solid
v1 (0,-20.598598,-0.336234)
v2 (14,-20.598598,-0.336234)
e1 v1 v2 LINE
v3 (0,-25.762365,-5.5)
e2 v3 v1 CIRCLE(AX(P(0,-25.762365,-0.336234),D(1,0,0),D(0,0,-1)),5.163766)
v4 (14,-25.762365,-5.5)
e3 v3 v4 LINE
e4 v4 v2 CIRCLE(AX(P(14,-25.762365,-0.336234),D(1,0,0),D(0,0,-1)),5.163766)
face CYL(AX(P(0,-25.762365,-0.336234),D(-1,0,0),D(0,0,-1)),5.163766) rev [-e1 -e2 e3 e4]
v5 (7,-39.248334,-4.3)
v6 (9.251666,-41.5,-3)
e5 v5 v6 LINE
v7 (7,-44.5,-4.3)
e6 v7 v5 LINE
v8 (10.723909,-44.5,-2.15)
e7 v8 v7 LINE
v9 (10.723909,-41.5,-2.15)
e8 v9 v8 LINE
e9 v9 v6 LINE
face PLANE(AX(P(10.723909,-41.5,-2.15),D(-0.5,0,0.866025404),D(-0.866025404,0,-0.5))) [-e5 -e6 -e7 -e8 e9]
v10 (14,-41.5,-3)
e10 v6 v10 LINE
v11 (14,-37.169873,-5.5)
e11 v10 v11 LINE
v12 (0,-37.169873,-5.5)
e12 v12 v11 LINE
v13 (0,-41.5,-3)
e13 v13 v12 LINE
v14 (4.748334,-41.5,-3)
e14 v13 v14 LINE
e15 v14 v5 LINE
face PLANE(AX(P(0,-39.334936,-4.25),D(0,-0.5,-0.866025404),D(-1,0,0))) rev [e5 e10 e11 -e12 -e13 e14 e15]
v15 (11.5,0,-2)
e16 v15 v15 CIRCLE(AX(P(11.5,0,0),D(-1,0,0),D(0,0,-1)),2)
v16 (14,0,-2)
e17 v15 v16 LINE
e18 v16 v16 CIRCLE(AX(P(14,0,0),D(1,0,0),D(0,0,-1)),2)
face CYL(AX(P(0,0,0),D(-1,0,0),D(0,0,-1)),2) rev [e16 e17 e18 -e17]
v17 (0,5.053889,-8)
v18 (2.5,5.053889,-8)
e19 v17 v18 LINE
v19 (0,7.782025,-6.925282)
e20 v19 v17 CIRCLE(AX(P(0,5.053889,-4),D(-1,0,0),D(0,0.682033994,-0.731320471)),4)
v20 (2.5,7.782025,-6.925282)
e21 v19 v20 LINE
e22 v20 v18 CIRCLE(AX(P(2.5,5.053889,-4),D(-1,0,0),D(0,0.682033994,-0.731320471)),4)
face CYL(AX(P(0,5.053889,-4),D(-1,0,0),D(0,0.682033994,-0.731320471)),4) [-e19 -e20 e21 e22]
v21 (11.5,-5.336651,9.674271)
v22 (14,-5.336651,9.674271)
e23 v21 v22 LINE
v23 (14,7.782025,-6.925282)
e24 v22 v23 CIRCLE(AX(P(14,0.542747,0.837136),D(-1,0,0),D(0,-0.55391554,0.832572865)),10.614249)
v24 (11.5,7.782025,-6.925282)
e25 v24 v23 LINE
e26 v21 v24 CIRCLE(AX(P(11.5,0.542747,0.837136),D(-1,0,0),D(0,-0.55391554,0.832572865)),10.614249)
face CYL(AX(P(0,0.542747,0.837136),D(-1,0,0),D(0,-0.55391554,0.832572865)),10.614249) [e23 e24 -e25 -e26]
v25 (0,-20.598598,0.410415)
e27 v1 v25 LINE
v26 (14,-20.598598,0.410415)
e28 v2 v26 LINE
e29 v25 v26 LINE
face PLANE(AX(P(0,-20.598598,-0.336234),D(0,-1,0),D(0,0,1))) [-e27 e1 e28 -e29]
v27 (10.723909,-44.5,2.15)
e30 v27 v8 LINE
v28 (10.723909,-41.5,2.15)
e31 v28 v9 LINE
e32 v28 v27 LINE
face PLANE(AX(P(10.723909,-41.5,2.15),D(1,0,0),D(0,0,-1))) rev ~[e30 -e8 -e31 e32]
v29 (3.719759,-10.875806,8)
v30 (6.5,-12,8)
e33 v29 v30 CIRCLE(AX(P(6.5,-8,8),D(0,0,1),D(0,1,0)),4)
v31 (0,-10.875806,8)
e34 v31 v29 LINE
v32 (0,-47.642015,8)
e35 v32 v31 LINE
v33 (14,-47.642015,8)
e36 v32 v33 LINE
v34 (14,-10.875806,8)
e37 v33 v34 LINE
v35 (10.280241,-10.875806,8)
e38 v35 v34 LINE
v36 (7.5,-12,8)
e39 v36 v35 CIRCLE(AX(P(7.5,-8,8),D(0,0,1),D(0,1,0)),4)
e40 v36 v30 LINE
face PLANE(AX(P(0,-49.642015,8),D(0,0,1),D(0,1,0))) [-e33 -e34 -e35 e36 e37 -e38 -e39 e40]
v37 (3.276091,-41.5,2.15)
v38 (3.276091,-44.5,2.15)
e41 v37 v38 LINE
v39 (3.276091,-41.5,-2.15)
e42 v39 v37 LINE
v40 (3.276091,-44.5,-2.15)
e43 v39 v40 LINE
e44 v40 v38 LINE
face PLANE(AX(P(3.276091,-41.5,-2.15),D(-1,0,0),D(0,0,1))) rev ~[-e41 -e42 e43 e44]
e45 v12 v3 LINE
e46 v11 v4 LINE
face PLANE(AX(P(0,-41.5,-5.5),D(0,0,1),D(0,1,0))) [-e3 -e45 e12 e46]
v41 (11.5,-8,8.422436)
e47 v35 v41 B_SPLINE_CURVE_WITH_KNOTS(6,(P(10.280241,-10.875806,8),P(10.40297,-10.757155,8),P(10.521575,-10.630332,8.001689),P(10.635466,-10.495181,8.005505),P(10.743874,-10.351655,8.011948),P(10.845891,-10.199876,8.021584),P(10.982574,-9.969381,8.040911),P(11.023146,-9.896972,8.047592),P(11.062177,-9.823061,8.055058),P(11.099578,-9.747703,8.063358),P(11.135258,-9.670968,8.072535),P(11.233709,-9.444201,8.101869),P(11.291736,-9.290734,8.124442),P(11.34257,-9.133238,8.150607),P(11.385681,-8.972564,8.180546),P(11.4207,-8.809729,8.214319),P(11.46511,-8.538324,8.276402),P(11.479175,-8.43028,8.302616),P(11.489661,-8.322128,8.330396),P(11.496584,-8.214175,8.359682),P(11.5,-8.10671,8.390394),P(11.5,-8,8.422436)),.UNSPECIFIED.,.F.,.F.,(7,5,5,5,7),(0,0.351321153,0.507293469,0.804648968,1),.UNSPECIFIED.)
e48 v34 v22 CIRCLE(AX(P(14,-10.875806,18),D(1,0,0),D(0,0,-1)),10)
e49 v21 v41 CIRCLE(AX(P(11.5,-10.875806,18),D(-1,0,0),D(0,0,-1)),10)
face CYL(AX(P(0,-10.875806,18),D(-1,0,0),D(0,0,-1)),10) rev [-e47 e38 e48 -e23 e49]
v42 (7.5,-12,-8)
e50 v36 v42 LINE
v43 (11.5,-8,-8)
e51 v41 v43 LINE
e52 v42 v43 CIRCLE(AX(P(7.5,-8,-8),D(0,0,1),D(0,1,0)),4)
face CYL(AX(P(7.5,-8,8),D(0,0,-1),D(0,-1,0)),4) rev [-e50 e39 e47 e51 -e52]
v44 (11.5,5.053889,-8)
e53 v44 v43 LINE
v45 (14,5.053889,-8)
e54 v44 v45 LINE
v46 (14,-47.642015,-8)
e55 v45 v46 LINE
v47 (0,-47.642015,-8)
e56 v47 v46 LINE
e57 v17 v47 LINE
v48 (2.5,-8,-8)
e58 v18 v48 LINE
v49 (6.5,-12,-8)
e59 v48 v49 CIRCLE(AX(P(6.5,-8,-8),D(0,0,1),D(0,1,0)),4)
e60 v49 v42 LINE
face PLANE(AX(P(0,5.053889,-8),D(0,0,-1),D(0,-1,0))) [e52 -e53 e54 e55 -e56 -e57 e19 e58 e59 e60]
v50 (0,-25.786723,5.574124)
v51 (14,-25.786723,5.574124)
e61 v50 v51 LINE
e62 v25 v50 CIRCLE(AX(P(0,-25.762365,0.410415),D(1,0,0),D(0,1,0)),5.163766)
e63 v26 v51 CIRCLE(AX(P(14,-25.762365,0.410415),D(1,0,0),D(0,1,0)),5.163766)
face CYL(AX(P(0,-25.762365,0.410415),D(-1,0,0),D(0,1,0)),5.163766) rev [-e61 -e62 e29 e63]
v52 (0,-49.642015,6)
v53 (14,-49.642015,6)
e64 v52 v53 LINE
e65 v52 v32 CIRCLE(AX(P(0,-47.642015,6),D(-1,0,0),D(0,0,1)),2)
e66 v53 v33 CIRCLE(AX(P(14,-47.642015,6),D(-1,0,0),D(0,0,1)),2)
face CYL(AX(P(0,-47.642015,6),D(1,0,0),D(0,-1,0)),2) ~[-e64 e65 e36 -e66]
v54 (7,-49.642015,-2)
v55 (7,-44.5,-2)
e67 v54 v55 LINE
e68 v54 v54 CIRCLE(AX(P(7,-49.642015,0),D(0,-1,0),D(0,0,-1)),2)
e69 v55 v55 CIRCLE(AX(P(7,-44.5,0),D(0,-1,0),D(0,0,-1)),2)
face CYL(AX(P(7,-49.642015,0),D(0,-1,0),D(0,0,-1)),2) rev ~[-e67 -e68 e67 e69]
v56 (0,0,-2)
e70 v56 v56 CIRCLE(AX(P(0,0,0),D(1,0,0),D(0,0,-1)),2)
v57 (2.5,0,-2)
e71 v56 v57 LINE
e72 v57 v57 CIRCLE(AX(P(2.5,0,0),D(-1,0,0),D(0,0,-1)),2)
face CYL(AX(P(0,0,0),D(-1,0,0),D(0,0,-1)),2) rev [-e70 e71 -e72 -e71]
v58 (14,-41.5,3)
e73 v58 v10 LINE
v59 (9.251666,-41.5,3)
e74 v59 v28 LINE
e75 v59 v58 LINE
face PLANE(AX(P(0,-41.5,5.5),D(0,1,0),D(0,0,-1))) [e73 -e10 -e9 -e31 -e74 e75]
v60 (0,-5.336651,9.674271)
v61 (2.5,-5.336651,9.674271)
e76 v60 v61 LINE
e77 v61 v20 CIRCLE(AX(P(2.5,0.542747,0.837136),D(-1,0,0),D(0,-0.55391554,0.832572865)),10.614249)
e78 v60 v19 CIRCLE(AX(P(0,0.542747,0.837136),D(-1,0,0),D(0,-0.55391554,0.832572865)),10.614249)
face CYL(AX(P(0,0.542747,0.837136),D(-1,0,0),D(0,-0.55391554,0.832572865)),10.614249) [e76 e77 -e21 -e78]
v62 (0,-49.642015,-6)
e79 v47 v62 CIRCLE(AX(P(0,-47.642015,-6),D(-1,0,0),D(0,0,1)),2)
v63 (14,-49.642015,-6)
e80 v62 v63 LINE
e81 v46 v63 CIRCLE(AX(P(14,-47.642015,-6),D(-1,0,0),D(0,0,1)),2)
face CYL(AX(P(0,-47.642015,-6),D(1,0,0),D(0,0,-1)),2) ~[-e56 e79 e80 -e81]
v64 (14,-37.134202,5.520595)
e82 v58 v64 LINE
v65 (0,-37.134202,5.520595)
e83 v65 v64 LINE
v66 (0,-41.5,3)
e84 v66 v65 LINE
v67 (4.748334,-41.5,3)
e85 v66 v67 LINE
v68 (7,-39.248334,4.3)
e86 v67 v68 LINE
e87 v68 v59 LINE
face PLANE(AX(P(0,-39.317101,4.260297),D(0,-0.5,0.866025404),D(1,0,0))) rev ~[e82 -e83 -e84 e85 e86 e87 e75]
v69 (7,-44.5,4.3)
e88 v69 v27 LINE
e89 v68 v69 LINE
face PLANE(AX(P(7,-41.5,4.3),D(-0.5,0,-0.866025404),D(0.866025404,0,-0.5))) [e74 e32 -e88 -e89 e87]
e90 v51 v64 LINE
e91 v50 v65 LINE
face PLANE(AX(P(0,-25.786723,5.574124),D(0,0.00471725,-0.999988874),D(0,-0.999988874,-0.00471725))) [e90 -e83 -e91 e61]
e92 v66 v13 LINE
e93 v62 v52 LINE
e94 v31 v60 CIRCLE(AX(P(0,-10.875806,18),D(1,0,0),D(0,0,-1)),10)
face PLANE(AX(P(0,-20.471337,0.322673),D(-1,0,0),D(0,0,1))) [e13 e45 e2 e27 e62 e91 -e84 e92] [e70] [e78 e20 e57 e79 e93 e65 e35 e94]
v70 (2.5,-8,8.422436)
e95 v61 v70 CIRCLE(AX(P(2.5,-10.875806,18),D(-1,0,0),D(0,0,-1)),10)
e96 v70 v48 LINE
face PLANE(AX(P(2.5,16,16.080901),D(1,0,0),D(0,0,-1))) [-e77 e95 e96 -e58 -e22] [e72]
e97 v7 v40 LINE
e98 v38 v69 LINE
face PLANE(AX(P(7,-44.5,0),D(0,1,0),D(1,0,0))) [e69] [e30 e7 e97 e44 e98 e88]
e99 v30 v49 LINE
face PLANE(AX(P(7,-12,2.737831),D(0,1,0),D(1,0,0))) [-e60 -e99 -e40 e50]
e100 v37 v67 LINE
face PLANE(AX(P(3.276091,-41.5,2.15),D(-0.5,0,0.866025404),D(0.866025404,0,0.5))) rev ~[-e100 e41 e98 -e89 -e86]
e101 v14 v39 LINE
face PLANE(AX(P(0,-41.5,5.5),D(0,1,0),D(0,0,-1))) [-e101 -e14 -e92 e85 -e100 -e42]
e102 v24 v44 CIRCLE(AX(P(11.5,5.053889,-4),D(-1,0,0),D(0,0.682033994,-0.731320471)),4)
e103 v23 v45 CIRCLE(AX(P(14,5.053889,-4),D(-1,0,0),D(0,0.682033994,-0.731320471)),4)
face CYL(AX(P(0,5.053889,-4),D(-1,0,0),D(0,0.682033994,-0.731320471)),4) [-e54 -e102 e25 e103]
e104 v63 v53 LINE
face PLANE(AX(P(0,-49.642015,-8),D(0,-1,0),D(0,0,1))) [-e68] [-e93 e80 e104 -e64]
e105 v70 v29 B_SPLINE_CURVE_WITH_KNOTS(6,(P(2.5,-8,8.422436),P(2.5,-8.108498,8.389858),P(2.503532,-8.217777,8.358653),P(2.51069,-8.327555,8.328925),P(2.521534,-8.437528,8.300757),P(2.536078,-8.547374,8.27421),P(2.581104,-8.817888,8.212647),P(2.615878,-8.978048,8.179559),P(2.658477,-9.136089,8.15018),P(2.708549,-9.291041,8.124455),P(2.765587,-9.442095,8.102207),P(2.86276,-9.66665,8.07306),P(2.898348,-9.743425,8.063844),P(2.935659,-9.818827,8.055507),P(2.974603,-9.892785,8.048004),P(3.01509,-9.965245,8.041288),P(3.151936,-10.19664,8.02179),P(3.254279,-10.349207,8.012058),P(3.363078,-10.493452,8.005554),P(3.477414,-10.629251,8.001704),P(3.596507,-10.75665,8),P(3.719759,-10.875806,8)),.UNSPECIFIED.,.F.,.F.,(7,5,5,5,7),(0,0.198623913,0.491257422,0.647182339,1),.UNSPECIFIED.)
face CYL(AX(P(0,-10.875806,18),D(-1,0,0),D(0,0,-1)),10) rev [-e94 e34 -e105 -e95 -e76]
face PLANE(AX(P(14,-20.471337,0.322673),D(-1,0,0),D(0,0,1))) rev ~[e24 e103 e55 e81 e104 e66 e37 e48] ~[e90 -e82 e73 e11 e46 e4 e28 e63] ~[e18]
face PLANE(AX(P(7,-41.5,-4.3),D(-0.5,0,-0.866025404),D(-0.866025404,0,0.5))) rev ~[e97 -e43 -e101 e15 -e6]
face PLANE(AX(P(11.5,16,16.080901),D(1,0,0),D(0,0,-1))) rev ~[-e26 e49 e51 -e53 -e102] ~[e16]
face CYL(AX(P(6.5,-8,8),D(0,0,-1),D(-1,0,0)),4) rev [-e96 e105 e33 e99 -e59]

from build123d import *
from OCP.BRepFilletAPI import BRepFilletAPI_MakeChamfer

# Parameters (mm, degrees)
SKETCH9_R           = 2
BOSS_EXTRUDE3_DEPTH = 14
SKETCH10_R          = 2
CUT_EXTRUDE7_DEPTH  = 14
SKETCH11_W          = 9
SKETCH11_H          = 26.686138344
CUT_EXTRUDE8_DEPTH  = 28
FILLET1_R           = 2
CHAMFER1_SIZE       = 2.5
CHAMFER1_SIZE2      = 4.365846821
CHAMFER1_SIZE2_2    = 4.330127019
EXTRUDE1_DEPTH      = 3
EXTRUDE1_DEPTH_BACK = 3
FILLET2_R           = 4


with BuildPart() as part:
    # Sketch9 → Boss-Extrude3 (new body)
    with BuildSketch(Plane(origin=(0, 0, 0), x_dir=(0, 0, -1), z_dir=(1, 0, 0))):
        with BuildLine():
            Line((8, 5.053889445), (8, -49.642014822))
            Line((8, -49.642014822), (-8, -49.642014822))
            Line((-8, -49.642014822), (-8, -10.875806049))
            ThreePointArc((-8, -10.875806049), (-8.427714838, -7.982476346), (-9.674271354, -5.336650652))
            ThreePointArc((-9.674271354, -5.336650652), (-7.418447874, 8.870328147), (6.925281884, 7.78202542))
            ThreePointArc((6.925281884, 7.78202542), (7.721634556, 6.519985019), (8, 5.053889445))
        make_face()
        Circle(SKETCH9_R, mode=Mode.SUBTRACT)
        with BuildLine():
            Line((5.5, -41.5), (5.5, -25.762364524))
            ThreePointArc((5.5, -25.762364524), (3.987567872, -22.111030369), (0.336233717, -20.598598241))
            Line((0.336233717, -20.598598241), (-0.410415455, -20.598598241))
            ThreePointArc((-0.410415455, -20.598598241), (-4.070351606, -22.119652678), (-5.574124284, -25.786723302))
            Line((-5.574124284, -25.786723302), (-5.5, -41.5))
            Line((-5.5, -41.5), (5.5, -41.5))
        make_face(mode=Mode.SUBTRACT)
    extrude(amount=BOSS_EXTRUDE3_DEPTH)

    # Sketch10 → Cut-Extrude7 (cut)
    with BuildSketch(Plane.XZ.offset(49.642014822)):
        with Locations(Location((7, 0, 0), (0, 0, 270))):
            Circle(SKETCH10_R)
    extrude(amount=-CUT_EXTRUDE7_DEPTH, mode=Mode.SUBTRACT)

    # Sketch11 → Cut-Extrude8 (cut)
    with BuildSketch(Plane(origin=(0, 16, 0), x_dir=(1, 0, 0), z_dir=(0, 1, 0))):
        with Locations((7, -2.737831409)):
            Rectangle(SKETCH11_W, SKETCH11_H)
    extrude(amount=-CUT_EXTRUDE8_DEPTH, mode=Mode.SUBTRACT)

    # Fillet1
    fillet1_edges = [part.edges().sort_by_distance(p)[0] for p in [
        (7, -49.642014822, 8),
        (7, -49.642014822, -8),
    ]]
    fillet(fillet1_edges, radius=FILLET1_R)

    # Chamfer1: one chamfer whose edges measure the first distance from different faces: ONE call of the kernel's chamfer builder (chamfer() names one face for all edges)
    chamfer1_edges_1 = [part.edges().sort_by_distance(p)[0] for p in [
        (7, -41.5, 5.5),
    ]]
    chamfer1_side_1 = [part.faces().sort_by_distance(p)[0] for p in [
        (7, -41.5, 5.321955062),
    ]]
    chamfer1_edges_2 = [part.edges().sort_by_distance(p)[0] for p in [
        (7, -41.5, -5.5),
    ]]
    chamfer1_side_2 = [part.faces().sort_by_distance(p)[0] for p in [
        (7, -41.5, 5.321955062),
    ]]
    chamfer1 = BRepFilletAPI_MakeChamfer(part.part.solid().wrapped)
    for e in chamfer1_edges_1:
        chamfer1.Add(CHAMFER1_SIZE, CHAMFER1_SIZE2, e.wrapped, chamfer1_side_1[0].wrapped)  # the first distance lies on this face
    for e in chamfer1_edges_2:
        chamfer1.Add(CHAMFER1_SIZE, CHAMFER1_SIZE2_2, e.wrapped, chamfer1_side_2[0].wrapped)  # the first distance lies on this face
    add(Compound.cast(chamfer1.Shape()), mode=Mode.REPLACE)

    # Sketch12 → Extrude1 (cut, two sides)
    with BuildSketch(Plane(origin=(0, -41.5, 0), x_dir=(1, 0, 0), z_dir=(0, 1, 0))) as extrude1_sk:
        Polygon((7, 4.3), (3.276090764, 2.15), (3.276090764, -2.15), (7, -4.3), (10.723909236, -2.15), (10.723909236, 2.15), align=None)
    extrude(amount=EXTRUDE1_DEPTH, mode=Mode.SUBTRACT)
    extrude(extrude1_sk.sketch, amount=-EXTRUDE1_DEPTH_BACK, mode=Mode.SUBTRACT)

    # Fillet2
    fillet2_edges = [part.edges().sort_by_distance(p)[0] for p in [
        (2.5, -12, 0),
        (11.5, -12, 0),
    ]]
    fillet(fillet2_edges, radius=FILLET2_R)


solid = part.part
